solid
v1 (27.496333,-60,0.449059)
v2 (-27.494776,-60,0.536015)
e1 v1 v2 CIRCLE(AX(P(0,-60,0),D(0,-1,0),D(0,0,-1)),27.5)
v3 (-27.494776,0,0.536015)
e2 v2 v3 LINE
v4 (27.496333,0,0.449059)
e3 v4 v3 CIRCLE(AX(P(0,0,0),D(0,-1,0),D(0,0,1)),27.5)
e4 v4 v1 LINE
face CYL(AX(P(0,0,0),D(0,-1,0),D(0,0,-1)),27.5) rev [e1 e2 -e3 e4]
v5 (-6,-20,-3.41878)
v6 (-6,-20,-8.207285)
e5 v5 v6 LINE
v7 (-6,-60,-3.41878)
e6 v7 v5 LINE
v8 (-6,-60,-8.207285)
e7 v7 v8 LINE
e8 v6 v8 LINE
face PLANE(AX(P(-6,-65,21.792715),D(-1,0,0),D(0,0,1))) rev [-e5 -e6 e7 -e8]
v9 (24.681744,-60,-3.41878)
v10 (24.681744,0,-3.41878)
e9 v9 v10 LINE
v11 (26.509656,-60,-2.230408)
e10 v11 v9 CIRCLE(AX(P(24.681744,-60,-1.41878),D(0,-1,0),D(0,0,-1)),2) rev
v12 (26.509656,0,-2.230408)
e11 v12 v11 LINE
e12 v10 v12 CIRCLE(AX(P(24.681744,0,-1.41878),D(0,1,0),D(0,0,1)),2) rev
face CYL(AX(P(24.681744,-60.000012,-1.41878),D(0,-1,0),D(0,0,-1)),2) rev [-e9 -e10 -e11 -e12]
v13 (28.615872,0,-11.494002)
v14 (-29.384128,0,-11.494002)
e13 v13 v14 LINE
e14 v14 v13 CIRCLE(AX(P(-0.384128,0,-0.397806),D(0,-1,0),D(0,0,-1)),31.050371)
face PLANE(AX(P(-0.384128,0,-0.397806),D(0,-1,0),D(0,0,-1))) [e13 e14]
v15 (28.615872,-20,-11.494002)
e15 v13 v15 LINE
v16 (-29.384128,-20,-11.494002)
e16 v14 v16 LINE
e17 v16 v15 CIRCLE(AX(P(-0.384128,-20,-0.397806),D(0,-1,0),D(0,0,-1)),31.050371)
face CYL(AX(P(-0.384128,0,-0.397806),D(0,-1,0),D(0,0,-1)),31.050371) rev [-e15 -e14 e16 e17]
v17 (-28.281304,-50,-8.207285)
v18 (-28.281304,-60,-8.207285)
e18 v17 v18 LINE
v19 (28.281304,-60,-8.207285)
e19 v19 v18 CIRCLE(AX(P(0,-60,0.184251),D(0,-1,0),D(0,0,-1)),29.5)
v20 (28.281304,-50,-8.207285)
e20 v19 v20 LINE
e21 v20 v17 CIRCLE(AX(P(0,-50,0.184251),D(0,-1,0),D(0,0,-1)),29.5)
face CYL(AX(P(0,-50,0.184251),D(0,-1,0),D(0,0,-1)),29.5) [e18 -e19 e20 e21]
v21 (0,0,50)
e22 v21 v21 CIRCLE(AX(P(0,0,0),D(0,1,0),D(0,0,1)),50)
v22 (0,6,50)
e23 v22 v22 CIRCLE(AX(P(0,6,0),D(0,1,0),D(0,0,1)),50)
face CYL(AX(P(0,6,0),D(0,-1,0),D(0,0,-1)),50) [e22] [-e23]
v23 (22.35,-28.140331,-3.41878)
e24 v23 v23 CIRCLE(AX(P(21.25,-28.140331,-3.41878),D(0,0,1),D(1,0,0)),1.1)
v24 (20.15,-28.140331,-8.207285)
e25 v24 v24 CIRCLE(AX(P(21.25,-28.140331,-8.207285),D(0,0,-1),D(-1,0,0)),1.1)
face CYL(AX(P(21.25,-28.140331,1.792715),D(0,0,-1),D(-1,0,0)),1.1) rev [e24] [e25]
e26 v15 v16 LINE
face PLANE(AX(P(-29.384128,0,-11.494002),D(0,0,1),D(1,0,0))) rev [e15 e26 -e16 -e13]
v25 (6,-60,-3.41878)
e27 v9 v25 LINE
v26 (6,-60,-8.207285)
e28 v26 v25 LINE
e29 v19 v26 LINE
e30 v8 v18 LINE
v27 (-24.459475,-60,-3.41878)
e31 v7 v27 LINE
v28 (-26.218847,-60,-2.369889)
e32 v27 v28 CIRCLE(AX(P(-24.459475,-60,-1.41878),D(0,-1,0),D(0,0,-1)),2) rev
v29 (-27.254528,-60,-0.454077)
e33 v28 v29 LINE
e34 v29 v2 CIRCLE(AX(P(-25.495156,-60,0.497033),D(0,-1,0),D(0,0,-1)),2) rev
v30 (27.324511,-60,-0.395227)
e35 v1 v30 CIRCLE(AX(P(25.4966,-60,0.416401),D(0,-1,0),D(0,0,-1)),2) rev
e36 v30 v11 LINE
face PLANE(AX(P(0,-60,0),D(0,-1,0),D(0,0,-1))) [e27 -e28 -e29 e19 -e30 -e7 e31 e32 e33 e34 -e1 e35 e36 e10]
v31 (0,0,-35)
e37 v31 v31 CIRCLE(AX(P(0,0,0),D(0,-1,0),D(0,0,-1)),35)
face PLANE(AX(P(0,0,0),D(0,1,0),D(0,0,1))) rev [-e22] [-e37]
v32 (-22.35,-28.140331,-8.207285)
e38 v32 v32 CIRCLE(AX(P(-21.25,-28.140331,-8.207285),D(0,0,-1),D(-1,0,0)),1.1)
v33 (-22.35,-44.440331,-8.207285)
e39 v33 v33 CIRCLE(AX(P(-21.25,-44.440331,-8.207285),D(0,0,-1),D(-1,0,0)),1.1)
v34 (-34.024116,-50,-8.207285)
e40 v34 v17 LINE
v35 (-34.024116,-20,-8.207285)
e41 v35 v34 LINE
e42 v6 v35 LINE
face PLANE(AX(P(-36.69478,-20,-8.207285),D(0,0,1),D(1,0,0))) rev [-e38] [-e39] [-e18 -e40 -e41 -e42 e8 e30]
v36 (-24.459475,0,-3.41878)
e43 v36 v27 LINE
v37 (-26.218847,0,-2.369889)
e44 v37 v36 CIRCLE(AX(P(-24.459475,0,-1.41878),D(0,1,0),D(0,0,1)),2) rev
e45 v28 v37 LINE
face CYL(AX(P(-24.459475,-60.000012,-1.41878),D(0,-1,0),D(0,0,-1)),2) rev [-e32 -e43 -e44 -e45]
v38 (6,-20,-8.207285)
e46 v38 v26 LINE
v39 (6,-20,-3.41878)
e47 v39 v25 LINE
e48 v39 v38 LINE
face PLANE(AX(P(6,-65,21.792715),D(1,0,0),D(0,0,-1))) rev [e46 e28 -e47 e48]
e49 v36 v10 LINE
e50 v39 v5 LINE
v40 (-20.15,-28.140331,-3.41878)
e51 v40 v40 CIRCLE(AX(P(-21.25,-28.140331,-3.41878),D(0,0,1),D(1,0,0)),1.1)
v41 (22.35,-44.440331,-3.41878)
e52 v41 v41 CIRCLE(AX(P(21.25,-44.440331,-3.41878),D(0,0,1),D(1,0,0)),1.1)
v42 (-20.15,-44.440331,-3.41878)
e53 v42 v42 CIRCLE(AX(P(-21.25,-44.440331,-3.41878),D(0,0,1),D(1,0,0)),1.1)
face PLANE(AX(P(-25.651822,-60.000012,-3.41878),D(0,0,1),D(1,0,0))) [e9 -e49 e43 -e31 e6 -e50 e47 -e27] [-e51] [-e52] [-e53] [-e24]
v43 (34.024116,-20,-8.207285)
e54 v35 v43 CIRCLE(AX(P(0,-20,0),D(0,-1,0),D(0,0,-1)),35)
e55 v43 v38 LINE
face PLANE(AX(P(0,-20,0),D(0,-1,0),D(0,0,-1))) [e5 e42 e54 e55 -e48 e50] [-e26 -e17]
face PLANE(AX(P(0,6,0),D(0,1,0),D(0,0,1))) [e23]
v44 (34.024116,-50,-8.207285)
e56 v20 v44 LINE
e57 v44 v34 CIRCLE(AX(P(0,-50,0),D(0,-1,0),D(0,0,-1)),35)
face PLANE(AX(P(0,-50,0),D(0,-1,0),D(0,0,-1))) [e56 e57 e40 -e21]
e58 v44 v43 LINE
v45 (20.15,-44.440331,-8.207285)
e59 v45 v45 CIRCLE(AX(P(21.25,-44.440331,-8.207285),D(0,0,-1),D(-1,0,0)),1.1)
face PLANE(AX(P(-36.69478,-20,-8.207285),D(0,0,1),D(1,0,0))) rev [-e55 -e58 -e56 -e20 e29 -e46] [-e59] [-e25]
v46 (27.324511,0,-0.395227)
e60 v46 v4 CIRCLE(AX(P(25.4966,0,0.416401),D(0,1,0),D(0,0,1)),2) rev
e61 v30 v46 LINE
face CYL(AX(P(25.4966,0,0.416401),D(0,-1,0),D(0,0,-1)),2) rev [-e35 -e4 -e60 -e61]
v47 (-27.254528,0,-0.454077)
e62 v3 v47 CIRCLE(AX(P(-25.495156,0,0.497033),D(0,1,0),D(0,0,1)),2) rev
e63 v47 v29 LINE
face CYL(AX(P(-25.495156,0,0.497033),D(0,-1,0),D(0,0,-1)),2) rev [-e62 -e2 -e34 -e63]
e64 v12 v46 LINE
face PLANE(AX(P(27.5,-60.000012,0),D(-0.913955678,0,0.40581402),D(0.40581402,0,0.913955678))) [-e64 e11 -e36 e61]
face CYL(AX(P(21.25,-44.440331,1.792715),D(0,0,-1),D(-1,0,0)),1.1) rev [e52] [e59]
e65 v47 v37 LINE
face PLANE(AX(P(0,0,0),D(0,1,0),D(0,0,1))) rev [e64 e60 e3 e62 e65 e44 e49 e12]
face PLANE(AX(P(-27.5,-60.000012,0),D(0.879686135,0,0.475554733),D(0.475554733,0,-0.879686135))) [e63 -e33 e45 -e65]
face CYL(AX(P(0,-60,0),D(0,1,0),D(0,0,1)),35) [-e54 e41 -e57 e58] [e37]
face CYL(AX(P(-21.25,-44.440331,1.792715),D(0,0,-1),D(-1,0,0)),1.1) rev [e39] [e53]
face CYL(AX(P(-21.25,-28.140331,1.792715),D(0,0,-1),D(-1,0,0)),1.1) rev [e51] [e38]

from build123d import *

# Parameters (mm, degrees)
SKETCH_1_R               = 50
EXTRUDE_1_DEPTH          = 6
SKETCH_2_R               = 35
EXTRUDE_2_DEPTH          = 60
SKETCH_4_W               = 77.448717432
SKETCH_4_H               = 33
CUT_EXTRUDE_2_DEPTH      = 40
SKETCH_5_W               = 12
SKETCH_5_H               = 45
CUT_EXTRUDE_3_DEPTH      = 30
CUT_EXTRUDE_4_DEPTH      = 97.726418315
CUT_EXTRUDE_4_DEPTH_BACK = 60
SKETCH_7_OUTSIDE_W       = 133.212
SKETCH_7_OUTSIDE_H       = 133.212
SKETCH_7_OUTSIDE_R       = 29.5
CUT_EXTRUDE_5_DEPTH      = 10
CUT_EXTRUDE_6_DEPTH      = 20
SKETCH_9_R               = 1.1
CUT_EXTRUDE_7_DEPTH      = 10
FILLET_1_R               = 2


with BuildPart() as part:
    # 草图1 → 凸台-拉伸1 (new body)
    with BuildSketch(Plane(origin=(0, 0, 0), x_dir=(1, 0, 0), z_dir=(0, 1, 0))):
        with Locations(Location((0, 0, 0), (0, 0, 270))):
            Circle(SKETCH_1_R)
    extrude(amount=EXTRUDE_1_DEPTH)

    # 草图2 → 凸台-拉伸2 (add)
    with BuildSketch(Plane.XZ):
        with Locations(Location((0, 0, 0), (0, 0, 270))):
            Circle(SKETCH_2_R)
    extrude(amount=EXTRUDE_2_DEPTH)

    # 草图4 → 切除-拉伸2 (cut)
    with BuildSketch(Plane.XZ.offset(60)):
        with Locations((2.029578549, -24.707284506)):
            Rectangle(SKETCH_4_W, SKETCH_4_H)
    extrude(amount=-CUT_EXTRUDE_2_DEPTH, mode=Mode.SUBTRACT)

    # 草图5 → 切除-拉伸3 (cut)
    with BuildSketch(Plane(origin=(0, 0, -8.207284506), x_dir=(-1, 0, 0), z_dir=(0, 0, -1))):
        with Locations((0, -42.5)):
            Rectangle(SKETCH_5_W, SKETCH_5_H)
    extrude(amount=-CUT_EXTRUDE_3_DEPTH, mode=Mode.SUBTRACT)

    # 草图6 → 切除-拉伸4 (cut, two sides: drawn at the far end of the back side and taken through both)
    with BuildSketch(Plane.XZ.offset(60).offset(-CUT_EXTRUDE_4_DEPTH_BACK)):
        with BuildLine():
            Line((-27.5, 0), (-25.651821524, -3.41877994))
            Line((-25.651821524, -3.41877994), (25.981995499, -3.41877994))
            Line((25.981995499, -3.41877994), (27.5, 0))
            ThreePointArc((27.5, 0), (0, 27.5), (-27.5, 0))
        make_face()
    extrude(amount=CUT_EXTRUDE_4_DEPTH + CUT_EXTRUDE_4_DEPTH_BACK, mode=Mode.SUBTRACT)

    # 草图7 outside → 切除-拉伸5 (cut)
    with BuildSketch(Plane.XZ.offset(60)):
        Rectangle(SKETCH_7_OUTSIDE_W, SKETCH_7_OUTSIDE_H)
        with Locations((0, 0.184250616)):
            Circle(SKETCH_7_OUTSIDE_R, mode=Mode.SUBTRACT)
    extrude(amount=-CUT_EXTRUDE_5_DEPTH, mode=Mode.SUBTRACT)

    # 草图8 → 切除-拉伸6 (cut)
    with BuildSketch(Plane.XZ.offset(20)):
        with BuildLine():
            Line((-29.384128464, -11.494001524), (28.615871536, -11.494001524))
            ThreePointArc((28.615871536, -11.494001524), (-0.384128464, -31.448176939), (-29.384128464, -11.494001524))
        make_face()
    extrude(amount=-CUT_EXTRUDE_6_DEPTH, mode=Mode.SUBTRACT)

    # 草图9 → 切除-拉伸7 (cut)
    with BuildSketch(Plane(origin=(0, 0, -8.207284506), x_dir=(-1, 0, 0), z_dir=(0, 0, -1))):
        with Locations((21.25, -28.140331005)):
            Circle(SKETCH_9_R)
        with Locations((21.25, -44.440331005)):
            Circle(SKETCH_9_R)
        with Locations((-21.25, -28.140331005)):
            Circle(SKETCH_9_R)
        with Locations((-21.25, -44.440331005)):
            Circle(SKETCH_9_R)
    extrude(amount=-CUT_EXTRUDE_7_DEPTH, mode=Mode.SUBTRACT)

    # 圆角1
    fillet_1_edges = [part.edges().sort_by_distance(p)[0] for p in [
        (-25.651821524, -30, -3.41877994),
        (27.5, -30, 0),
        (25.981995499, -30, -3.41877994),
        (-27.5, -30, 0),
    ]]
    fillet(fillet_1_edges, radius=FILLET_1_R)


solid = part.part
